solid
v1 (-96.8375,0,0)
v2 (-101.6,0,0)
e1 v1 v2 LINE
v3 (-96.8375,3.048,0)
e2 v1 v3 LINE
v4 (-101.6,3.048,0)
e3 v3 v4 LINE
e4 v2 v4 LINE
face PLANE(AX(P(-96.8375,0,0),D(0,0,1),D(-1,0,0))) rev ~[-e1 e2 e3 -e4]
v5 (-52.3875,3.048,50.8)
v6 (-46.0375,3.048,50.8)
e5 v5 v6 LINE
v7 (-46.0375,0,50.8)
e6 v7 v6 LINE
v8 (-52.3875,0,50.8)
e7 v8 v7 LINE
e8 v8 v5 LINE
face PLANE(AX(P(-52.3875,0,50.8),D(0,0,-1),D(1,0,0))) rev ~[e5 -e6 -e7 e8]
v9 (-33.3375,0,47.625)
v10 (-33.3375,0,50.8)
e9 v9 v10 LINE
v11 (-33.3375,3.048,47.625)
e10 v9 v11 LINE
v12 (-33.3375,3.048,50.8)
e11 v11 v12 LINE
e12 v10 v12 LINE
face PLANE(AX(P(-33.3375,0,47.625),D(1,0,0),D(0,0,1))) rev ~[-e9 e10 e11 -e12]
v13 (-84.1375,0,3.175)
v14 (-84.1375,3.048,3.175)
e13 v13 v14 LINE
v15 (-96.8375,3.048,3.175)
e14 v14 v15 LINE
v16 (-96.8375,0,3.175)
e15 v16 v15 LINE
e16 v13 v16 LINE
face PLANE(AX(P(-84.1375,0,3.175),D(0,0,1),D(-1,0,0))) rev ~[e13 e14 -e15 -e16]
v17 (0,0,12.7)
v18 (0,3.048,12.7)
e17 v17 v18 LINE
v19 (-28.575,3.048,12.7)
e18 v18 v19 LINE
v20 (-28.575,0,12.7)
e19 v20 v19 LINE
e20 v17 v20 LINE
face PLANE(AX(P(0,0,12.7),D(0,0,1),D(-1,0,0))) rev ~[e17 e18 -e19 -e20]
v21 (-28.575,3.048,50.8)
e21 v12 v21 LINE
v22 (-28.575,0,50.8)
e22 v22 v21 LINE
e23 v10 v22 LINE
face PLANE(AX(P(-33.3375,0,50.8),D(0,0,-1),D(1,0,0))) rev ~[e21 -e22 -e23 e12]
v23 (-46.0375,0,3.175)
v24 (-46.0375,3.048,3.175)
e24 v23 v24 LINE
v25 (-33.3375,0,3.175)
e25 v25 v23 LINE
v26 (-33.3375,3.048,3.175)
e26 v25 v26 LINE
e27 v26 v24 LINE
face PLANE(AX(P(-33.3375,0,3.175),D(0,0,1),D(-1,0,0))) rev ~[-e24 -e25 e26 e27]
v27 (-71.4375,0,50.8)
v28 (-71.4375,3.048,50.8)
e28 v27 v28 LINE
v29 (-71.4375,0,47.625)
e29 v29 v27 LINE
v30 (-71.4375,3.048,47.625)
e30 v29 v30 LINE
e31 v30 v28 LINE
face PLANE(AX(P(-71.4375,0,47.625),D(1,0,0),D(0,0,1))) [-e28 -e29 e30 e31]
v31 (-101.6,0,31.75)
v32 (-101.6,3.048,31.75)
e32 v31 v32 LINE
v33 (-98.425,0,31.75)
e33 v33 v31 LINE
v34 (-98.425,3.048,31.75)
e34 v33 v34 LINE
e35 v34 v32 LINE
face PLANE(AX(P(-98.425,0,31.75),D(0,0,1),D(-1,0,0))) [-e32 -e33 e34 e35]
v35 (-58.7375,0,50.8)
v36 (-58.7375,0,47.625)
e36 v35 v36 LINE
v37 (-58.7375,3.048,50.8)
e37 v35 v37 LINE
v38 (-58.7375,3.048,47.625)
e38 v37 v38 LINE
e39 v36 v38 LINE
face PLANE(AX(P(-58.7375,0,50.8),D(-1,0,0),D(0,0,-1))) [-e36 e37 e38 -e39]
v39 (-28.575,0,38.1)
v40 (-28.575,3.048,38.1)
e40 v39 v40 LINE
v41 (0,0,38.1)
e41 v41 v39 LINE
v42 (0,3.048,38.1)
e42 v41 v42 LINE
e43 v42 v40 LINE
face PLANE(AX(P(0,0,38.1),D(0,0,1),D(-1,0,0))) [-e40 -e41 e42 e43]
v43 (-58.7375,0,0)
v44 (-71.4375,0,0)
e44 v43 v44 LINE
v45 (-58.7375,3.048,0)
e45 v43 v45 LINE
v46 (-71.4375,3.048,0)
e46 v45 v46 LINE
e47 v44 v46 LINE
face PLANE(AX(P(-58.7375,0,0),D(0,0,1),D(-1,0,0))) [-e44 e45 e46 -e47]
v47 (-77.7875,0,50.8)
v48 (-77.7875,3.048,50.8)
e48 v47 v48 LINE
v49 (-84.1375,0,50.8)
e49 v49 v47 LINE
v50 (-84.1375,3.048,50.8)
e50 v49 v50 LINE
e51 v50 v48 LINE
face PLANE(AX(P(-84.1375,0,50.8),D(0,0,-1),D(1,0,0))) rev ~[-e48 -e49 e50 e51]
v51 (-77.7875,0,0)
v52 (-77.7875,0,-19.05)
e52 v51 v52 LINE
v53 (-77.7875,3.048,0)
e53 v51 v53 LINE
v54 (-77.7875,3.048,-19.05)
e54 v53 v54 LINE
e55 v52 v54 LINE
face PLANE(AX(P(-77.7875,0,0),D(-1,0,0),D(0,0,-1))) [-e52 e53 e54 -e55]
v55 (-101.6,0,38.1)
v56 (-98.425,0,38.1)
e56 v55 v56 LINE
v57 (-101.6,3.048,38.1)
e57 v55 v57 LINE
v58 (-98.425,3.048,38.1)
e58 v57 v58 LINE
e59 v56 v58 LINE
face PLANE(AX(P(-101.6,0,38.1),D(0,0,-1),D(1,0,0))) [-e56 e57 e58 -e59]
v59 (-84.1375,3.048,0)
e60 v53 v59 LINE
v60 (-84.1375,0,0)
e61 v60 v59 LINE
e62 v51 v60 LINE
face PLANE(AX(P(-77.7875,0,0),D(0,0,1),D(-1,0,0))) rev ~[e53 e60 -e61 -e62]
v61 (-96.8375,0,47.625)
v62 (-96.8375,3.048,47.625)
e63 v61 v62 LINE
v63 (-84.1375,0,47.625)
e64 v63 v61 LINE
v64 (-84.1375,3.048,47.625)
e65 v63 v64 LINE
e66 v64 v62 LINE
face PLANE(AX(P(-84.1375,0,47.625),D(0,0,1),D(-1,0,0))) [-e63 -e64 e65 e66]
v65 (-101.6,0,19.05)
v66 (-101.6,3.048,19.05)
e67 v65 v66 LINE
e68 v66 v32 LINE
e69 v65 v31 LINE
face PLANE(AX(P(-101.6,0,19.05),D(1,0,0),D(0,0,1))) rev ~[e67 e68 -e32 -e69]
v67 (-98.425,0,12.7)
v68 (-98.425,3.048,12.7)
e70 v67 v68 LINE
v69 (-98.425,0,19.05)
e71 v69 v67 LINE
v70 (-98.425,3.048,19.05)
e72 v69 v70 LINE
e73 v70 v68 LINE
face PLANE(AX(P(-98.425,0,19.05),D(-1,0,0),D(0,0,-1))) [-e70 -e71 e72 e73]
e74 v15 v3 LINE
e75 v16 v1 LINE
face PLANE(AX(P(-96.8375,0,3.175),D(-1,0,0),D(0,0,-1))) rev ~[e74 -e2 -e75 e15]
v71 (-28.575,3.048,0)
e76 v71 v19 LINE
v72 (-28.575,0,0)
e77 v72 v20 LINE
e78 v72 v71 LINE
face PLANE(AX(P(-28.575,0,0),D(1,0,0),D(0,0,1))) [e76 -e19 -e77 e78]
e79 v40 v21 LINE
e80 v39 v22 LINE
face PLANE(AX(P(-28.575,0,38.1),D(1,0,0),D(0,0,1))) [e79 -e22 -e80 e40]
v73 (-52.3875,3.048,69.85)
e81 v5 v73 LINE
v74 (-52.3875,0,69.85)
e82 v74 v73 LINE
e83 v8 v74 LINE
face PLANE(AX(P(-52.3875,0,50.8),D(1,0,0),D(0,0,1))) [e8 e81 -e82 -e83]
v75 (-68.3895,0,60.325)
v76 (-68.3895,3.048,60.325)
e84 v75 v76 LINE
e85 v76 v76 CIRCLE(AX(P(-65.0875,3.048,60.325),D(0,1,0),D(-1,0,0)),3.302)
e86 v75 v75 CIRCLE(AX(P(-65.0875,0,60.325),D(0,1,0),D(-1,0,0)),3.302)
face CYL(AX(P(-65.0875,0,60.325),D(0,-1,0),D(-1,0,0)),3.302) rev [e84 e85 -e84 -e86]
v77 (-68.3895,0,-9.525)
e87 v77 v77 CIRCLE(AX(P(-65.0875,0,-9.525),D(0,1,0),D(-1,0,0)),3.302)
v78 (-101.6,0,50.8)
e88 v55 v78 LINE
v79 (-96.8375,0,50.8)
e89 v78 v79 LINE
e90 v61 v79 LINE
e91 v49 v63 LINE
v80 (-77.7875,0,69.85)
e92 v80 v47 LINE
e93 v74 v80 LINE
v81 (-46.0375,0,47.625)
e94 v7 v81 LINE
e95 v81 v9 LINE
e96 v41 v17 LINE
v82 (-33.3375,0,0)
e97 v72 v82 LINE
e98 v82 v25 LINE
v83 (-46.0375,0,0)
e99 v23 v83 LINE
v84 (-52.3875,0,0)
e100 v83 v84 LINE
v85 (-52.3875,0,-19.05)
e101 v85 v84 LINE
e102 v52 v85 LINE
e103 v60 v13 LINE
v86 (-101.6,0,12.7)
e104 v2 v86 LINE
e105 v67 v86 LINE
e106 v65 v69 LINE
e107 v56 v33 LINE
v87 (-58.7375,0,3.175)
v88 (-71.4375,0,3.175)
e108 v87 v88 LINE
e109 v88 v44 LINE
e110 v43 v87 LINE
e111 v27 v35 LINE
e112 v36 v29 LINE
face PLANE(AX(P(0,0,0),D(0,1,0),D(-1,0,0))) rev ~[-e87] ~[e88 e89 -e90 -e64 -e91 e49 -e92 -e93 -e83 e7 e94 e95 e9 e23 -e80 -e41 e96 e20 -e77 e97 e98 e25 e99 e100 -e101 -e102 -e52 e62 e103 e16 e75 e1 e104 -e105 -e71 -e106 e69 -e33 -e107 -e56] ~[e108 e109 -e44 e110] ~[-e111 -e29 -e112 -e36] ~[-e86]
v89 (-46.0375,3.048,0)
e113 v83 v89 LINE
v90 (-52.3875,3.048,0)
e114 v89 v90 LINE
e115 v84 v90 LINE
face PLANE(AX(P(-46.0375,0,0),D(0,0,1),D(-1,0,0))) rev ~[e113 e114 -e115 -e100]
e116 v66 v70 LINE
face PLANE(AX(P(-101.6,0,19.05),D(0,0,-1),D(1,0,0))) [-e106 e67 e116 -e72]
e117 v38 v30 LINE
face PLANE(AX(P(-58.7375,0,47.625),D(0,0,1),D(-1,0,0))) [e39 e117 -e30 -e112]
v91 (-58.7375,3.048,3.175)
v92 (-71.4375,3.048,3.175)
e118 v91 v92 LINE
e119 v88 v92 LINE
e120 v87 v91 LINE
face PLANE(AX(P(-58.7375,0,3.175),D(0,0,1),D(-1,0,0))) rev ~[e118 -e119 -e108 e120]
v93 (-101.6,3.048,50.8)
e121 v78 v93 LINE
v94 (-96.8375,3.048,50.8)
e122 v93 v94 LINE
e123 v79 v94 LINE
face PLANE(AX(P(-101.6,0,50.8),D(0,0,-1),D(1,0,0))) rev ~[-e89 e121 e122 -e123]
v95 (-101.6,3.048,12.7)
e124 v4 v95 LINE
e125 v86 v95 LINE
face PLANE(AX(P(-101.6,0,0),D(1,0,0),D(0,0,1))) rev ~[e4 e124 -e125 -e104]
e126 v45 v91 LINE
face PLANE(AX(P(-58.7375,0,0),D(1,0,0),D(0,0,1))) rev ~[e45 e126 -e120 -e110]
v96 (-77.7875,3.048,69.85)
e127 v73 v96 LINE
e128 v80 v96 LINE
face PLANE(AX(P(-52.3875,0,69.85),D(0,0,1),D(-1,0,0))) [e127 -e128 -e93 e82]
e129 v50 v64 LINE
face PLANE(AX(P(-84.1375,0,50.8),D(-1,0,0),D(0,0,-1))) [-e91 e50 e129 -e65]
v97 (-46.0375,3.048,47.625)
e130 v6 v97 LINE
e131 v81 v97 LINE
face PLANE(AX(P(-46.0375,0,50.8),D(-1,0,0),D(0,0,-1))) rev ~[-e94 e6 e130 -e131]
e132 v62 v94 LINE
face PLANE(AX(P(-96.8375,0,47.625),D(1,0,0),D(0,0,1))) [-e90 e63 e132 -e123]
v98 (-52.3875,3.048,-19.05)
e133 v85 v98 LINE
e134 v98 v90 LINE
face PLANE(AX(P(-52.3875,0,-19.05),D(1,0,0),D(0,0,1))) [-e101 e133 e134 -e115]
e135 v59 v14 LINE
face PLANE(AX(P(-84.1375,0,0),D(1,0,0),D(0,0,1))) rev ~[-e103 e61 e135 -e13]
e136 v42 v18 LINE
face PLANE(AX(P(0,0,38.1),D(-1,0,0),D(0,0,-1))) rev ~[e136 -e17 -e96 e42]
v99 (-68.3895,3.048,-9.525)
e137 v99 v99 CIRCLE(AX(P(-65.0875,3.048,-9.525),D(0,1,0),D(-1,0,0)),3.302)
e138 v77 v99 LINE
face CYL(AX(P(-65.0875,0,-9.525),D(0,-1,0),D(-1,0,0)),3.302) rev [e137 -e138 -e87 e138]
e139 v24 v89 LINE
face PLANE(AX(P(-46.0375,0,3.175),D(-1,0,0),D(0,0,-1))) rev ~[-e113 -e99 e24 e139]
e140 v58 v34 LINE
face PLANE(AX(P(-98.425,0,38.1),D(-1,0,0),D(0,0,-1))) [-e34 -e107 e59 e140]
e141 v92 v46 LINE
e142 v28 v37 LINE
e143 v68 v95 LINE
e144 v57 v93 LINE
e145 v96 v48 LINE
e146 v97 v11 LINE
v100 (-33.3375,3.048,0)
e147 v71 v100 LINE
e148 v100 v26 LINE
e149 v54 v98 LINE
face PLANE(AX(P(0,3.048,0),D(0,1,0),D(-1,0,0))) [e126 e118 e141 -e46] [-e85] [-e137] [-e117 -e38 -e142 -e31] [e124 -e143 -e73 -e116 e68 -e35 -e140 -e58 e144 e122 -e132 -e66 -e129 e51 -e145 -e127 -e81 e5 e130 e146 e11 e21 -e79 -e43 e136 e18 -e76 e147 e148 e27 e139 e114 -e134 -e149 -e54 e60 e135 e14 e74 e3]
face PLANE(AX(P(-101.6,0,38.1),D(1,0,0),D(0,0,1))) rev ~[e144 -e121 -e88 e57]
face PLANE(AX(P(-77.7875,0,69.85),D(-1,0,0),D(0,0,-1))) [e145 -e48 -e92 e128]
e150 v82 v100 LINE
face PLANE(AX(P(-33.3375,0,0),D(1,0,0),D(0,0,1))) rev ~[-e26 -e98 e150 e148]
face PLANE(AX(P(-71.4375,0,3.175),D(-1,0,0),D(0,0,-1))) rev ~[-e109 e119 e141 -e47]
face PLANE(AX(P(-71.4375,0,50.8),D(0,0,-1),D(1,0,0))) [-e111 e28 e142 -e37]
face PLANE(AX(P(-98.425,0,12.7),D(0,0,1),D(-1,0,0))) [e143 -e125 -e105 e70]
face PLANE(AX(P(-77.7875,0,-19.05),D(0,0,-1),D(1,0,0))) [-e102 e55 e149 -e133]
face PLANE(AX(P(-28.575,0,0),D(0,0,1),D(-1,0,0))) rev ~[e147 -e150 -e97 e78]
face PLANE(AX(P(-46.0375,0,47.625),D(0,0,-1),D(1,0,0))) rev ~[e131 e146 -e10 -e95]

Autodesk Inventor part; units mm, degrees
ref_plane "YZ Plane" through (0, 0, 0) normal (1, 0, 0) x (0, 1, 0)
ref_plane "XZ Plane" through (0, 0, 0) normal (0, 1, 0) x (-1, 0, 0)
ref_plane "XY Plane" through (0, 0, 0) normal (0, 0, 1) x (1, 0, 0)
sketch "Sketch1" plane through (0, 0, 0) normal (0, 1, 0) x (-1, 0, 0)
  line L0 (0, 0) -> (101.6, 0)
  line L1 (101.6, 0) -> (101.6, 50.8)
  line L2 (101.6, 50.8) -> (0, 50.8)
  line L3 (0, 50.8) -> (0, 0)
  line L4 (101.6, 0) -> (28.575, 0)
  line L5 (28.575, 0) -> (28.575, 50.8)
  line L6 (28.575, 50.8) -> (101.6, 50.8)
  line L7 (101.6, 50.8) -> (101.6, 0)
  line L8 (28.575, 0) -> (0, 0)
  line L9 (0, 0) -> (0, 12.7)
  line L10 (0, 12.7) -> (28.575, 12.7)
  line L11 (28.575, 12.7) -> (28.575, 0)
  line L12 (28.575, 50.8) -> (0, 50.8)
  line L13 (0, 50.8) -> (0, 38.1)
  line L14 (0, 38.1) -> (28.575, 38.1)
  line L15 (28.575, 38.1) -> (28.575, 50.8)
  line L16 (96.8375, 0) -> (84.1375, 0)
  line L17 (84.1375, 0) -> (84.1375, 3.175)
  line L18 (84.1375, 3.175) -> (96.8375, 3.175)
  line L19 (96.8375, 3.175) -> (96.8375, 0)
  line L20 (71.4375, 0) -> (58.7375, 0)
  line L21 (58.7375, 0) -> (58.7375, 3.175)
  line L22 (58.7375, 3.175) -> (71.4375, 3.175)
  line L23 (71.4375, 3.175) -> (71.4375, 0)
  line L24 (46.0375, 0) -> (33.3375, 0)
  line L25 (33.3375, 0) -> (33.3375, 3.175)
  line L26 (33.3375, 3.175) -> (46.0375, 3.175)
  line L27 (46.0375, 3.175) -> (46.0375, 0)
  line L28 (96.8375, 50.8) -> (84.1375, 50.8)
  line L29 (84.1375, 50.8) -> (84.1375, 47.625)
  line L30 (84.1375, 47.625) -> (96.8375, 47.625)
  line L31 (96.8375, 47.625) -> (96.8375, 50.8)
  line L32 (71.4375, 50.8) -> (58.7375, 50.8)
  line L33 (58.7375, 50.8) -> (58.7375, 47.625)
  line L34 (58.7375, 47.625) -> (71.4375, 47.625)
  line L35 (71.4375, 47.625) -> (71.4375, 50.8)
  line L36 (101.6, 38.1) -> (98.425, 38.1)
  line L37 (98.425, 38.1) -> (98.425, 31.75)
  line L38 (98.425, 31.75) -> (101.6, 31.75)
  line L39 (101.6, 31.75) -> (101.6, 38.1)
  line L40 (101.6, 19.05) -> (98.425, 19.05)
  line L41 (98.425, 19.05) -> (98.425, 12.7)
  line L42 (98.425, 12.7) -> (101.6, 12.7)
  line L43 (101.6, 12.7) -> (101.6, 19.05)
  line L44 (46.0375, 50.8) -> (46.0375, 47.625)
  line L45 (46.0375, 47.625) -> (33.3375, 47.625)
  line L46 (33.3375, 47.625) -> (33.3375, 50.8)
  line L47 (33.3375, 50.8) -> (46.0375, 50.8)
  line L48 (52.3875, 0) -> (77.7875, 0)
  line L49 (77.7875, 0) -> (77.7875, -19.05)
  line L50 (77.7875, -19.05) -> (52.3875, -19.05)
  line L51 (52.3875, -19.05) -> (52.3875, 0)
  line L52 (52.3875, 50.8) -> (52.3875, 69.85)
  line L53 (52.3875, 69.85) -> (77.7875, 69.85)
  line L54 (77.7875, 69.85) -> (77.7875, 50.8)
  line L55 (77.7875, 50.8) -> (52.3875, 50.8)
  circle A0 centre (65.0875, -9.525) radius 3.302
  circle A1 centre (65.0875, 60.325) radius 3.302
  point P0 (96.8375, 0)
  point P1 (96.8375, 50.8)
  point P2 (84.1375, 50.8)
  point P3 (71.4375, 50.8)
  point P4 (58.7375, 50.8)
  point P5 (46.0375, 50.8)
  point P6 (33.3375, 50.8)
  point P7 (33.3375, 0)
  point P8 (46.0375, 0)
  point P9 (58.7375, 0)
  point P10 (71.4375, 0)
  point P11 (84.1375, 0)
  dimension "d56" = 101.6
  dimension "d57" = 50.8
  dimension "d58" = 73.025
  dimension "d59" = 50.8
  dimension "d60" = 12.7
  dimension "d61" = 12.7
  dimension "d62" = 12.7
  dimension "d63" = 3.175
  dimension "d64" = 12.7
  dimension "d65" = 3.175
  dimension "d66" = 12.7
  dimension "d67" = 4.7625
  dimension "d68" = 12.7
  dimension "d69" = 3.175
  dimension "d70" = 12.7
  dimension "d71" = 12.7
  dimension "d72" = 3.175
  dimension "d73" = 12.7
  dimension "d74" = 3.175
  dimension "d77" = 4.7625
  dimension "d78" = 12.7
  dimension "d79" = 3.175
  dimension "d80" = 6.35
  dimension "d81" = 12.7
  dimension "d82" = 3.175
  dimension "d83" = 6.35
  dimension "d84" = 12.7
  dimension "d86" = 44.45
  dimension "d89" = 3.175
  dimension "d90" = 12.7
  dimension "d91" = 12.7
  dimension "d94" = 25.4
  dimension "d96" = 23.8125
  dimension "d97" = 23.8125
  dimension "d99" = 25.4
  dimension "d116" = 6.604
  dimension "d117" = 9.525
  dimension "d118" = 6.604
  dimension "d119" = 9.525
  dimension "d122" = 9.525
  dimension "d123" = 9.525
extrude "Plate4" add sketch "Sketch1" along normal blind 3.048 contours L5 L2 L46 L45 L44 L33 L34 L35 L29 L30 L31 L1 L36 L37 L38 L40 L41 L42 L0 L19 L18 L17 L23 L22 L21 L27 L26 L25 | L3 L14 L5 L10 | L0 L49 L50 L51 | L52 L53 L54 L2
equation "\"d127\" = Thickness"
equation "\"BendRadius\" = Thickness"
equation "\"BendReliefWidth\" = Thickness"
equation "\"BendReliefDepth\" = 0.5 * Thickness"
equation "\"CornerReliefSize\" = 4 * Thickness"
equation "\"MinimumRemnant\" = 2 * Thickness"
equation "\"TransitionRadius\" = BendRadius"
equation "\"JacobiRadiusSize\" = BendRadius"
equation "\"GapSize\" = Thickness"
equation "\"Thickness\" = 3.048"
properties part number "v4_Burrow_Base_Detachable_EXT"
